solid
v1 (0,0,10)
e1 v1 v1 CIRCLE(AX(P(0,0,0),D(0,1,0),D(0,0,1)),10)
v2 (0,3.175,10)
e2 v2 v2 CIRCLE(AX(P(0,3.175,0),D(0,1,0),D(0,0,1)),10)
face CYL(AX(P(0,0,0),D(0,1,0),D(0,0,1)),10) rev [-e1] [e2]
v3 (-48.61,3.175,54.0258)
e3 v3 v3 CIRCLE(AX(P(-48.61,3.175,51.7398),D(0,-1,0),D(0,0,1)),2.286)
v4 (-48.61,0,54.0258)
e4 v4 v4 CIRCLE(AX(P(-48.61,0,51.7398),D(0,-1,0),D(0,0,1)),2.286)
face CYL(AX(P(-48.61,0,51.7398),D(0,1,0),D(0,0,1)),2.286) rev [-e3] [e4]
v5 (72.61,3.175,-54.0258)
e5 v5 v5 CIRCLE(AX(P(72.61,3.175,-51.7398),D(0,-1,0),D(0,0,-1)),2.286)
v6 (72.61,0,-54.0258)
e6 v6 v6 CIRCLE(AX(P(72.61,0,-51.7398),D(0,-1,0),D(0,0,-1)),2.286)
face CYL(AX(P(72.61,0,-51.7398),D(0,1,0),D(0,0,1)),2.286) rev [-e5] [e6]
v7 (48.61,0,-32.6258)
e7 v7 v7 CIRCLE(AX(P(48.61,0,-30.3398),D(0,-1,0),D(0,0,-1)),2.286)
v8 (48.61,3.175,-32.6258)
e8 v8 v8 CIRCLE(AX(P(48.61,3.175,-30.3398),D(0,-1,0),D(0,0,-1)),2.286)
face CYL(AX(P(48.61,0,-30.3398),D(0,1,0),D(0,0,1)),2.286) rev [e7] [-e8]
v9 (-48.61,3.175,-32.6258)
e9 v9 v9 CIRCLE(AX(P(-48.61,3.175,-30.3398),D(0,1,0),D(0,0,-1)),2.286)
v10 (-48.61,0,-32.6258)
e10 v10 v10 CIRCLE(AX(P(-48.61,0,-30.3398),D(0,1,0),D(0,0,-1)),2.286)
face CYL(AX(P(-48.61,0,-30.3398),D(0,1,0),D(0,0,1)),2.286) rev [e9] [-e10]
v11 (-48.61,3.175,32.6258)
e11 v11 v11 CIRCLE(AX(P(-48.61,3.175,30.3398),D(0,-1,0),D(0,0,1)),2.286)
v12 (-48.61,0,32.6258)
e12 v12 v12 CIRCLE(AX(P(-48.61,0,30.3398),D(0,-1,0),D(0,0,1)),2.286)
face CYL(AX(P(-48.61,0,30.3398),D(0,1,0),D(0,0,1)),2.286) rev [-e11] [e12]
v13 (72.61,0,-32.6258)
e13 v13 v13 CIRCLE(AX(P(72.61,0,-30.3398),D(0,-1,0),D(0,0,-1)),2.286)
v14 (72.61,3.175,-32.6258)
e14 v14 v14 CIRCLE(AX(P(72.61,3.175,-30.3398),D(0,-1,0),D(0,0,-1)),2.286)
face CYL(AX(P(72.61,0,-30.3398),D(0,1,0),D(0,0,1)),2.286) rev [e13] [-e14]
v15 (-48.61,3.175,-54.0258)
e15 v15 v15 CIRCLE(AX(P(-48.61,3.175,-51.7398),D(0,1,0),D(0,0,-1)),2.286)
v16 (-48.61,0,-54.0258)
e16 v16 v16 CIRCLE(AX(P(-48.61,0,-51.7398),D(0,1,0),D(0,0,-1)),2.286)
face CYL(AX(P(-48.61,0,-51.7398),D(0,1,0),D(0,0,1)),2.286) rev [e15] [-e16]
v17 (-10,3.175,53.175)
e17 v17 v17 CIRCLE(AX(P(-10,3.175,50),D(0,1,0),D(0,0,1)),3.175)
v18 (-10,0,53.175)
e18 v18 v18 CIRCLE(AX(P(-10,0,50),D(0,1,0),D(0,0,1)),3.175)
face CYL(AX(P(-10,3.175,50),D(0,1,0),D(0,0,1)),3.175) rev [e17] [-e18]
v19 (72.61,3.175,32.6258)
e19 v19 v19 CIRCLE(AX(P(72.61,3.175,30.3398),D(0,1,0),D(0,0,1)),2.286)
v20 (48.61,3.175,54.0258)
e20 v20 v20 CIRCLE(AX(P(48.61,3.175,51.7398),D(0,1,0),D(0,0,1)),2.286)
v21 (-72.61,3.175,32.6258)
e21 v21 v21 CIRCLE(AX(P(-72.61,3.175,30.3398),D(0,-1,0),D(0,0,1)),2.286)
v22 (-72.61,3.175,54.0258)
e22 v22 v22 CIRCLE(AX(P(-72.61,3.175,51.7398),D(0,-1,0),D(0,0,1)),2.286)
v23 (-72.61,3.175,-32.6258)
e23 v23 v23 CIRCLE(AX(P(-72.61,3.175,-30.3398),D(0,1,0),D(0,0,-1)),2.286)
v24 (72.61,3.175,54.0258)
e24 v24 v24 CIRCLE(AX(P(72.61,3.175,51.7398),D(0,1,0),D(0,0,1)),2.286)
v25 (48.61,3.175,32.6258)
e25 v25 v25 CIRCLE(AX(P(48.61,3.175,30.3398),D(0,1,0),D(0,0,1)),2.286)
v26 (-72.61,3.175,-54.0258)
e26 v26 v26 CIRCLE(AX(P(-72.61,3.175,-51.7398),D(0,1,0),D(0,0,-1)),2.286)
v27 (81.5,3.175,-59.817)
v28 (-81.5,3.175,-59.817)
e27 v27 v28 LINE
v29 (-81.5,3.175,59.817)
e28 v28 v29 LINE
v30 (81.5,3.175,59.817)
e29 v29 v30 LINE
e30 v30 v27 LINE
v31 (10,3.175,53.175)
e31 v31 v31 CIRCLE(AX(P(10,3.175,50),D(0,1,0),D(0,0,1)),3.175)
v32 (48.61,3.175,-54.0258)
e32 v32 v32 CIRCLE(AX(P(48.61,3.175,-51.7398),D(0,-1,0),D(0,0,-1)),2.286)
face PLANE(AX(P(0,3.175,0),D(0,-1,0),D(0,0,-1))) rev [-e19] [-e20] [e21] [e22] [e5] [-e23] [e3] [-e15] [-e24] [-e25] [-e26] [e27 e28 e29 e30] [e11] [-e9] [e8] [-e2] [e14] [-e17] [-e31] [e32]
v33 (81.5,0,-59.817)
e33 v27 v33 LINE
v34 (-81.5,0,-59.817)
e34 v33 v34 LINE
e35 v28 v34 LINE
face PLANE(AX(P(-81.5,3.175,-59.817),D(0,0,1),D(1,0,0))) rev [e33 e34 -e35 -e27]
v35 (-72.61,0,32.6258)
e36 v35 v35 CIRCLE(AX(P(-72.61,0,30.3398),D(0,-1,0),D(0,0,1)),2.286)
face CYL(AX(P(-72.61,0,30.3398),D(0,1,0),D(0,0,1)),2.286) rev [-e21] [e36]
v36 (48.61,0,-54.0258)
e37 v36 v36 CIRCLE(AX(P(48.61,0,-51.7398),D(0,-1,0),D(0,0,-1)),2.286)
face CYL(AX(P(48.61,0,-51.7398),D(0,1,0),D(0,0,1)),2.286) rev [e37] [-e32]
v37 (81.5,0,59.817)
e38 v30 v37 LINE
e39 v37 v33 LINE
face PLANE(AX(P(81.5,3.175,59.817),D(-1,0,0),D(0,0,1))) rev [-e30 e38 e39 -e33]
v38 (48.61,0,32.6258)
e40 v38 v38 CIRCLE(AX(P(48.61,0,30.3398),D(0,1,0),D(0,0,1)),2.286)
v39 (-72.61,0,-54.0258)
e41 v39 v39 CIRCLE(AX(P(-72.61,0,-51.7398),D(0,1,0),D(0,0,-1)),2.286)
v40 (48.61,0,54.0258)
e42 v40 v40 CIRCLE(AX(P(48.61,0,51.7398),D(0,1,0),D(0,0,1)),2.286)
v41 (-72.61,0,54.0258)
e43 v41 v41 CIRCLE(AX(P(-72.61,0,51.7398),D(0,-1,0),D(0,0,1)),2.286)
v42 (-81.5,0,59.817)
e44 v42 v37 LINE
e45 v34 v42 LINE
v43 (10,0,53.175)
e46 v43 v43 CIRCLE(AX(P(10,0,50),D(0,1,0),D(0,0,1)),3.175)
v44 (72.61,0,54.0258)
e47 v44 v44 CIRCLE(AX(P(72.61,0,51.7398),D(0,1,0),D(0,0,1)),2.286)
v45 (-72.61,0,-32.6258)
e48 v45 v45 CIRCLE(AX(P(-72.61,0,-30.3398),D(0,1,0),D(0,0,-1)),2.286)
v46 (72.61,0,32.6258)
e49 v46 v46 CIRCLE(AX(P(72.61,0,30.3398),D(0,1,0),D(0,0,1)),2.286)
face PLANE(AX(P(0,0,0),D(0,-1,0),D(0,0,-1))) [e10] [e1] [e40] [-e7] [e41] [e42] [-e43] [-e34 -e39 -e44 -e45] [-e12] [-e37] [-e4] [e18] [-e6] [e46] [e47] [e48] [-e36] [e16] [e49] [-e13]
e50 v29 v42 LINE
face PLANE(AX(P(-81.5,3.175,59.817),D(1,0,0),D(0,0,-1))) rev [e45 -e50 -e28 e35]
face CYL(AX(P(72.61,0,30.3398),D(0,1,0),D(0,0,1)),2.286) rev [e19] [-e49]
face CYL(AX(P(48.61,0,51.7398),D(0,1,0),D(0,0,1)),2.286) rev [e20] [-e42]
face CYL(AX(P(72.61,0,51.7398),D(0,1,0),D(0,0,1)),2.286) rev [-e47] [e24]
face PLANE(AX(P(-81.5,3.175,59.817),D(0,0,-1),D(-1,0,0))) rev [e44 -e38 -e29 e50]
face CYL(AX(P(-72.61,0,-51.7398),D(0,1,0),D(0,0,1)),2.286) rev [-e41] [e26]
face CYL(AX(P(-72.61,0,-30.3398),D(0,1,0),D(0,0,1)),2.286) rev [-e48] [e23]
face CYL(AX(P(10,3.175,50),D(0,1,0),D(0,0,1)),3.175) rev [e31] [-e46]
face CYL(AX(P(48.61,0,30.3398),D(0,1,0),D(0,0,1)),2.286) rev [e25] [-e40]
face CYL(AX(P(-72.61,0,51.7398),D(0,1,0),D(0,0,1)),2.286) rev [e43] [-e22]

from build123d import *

# Parameters (mm, degrees)
SKETCH1_W                      = 163
SKETCH1_H                      = 119.634
BOSS_EXTRUDE1_DEPTH            = 3.175
SKETCH2_R                      = 2.286
CUT_EXTRUDE1_DEPTH             = 102.145460175
MIRROR2_COPY_1_SKETCH_R        = 2.286
MIRROR2_COPY_1_DEPTH           = 102.145460175
SKETCH3_R                      = 10
CUT_EXTRUDE2_DEPTH             = 102.145460175
F_1_16_0_0625_DIAMETER_HOLE1_D = 6.35


with BuildPart() as part:
    # Sketch1 → Boss-Extrude1 (new body)
    with BuildSketch(Plane(origin=(0, 0, 0), x_dir=(1, 0, 0), z_dir=(0, 1, 0))):
        Rectangle(SKETCH1_W, SKETCH1_H)
    extrude(amount=BOSS_EXTRUDE1_DEPTH)

    # Sketch2 → Cut-Extrude1 (cut, through all)
    with BuildSketch(Plane(origin=(0, 3.175, 0), x_dir=(1, 0, 0), z_dir=(0, 1, 0))):
        with Locations(Location((72.61, -51.7398, 0), (0, 0, 270))):
            Circle(SKETCH2_R)
        with Locations(Location((48.61, -51.7398, 0), (0, 0, 270))):
            Circle(SKETCH2_R)
        with Locations(Location((48.61, -30.3398, 0), (0, 0, 270))):
            Circle(SKETCH2_R)
        with Locations(Location((72.61, -30.3398, 0), (0, 0, 270))):
            Circle(SKETCH2_R)
    cut_extrude1 = extrude(amount=-CUT_EXTRUDE1_DEPTH, mode=Mode.SUBTRACT)

    # Mirror1: Cut-Extrude1 across plane
    add(cut_extrude1.mirror(Plane.XY), mode=Mode.SUBTRACT)

    # Mirror2: Cut-Extrude1 across plane
    add(cut_extrude1.mirror(Plane(origin=(0, 0, 0), x_dir=(0, 0, 1), z_dir=(1, 0, 0))), mode=Mode.SUBTRACT)

    # Mirror2 copy 1 sketch → Mirror2 copy 1 (cut, through all)
    with BuildSketch(Plane(origin=(0, 3.175, 0), x_dir=(-1, 0, 0), z_dir=(0, 1, 0))):
        with Locations(Location((72.61, -51.7398, 0), (0, 0, 270))):
            Circle(MIRROR2_COPY_1_SKETCH_R)
        with Locations(Location((48.61, -51.7398, 0), (0, 0, 270))):
            Circle(MIRROR2_COPY_1_SKETCH_R)
        with Locations(Location((48.61, -30.3398, 0), (0, 0, 270))):
            Circle(MIRROR2_COPY_1_SKETCH_R)
        with Locations(Location((72.61, -30.3398, 0), (0, 0, 270))):
            Circle(MIRROR2_COPY_1_SKETCH_R)
    extrude(amount=-MIRROR2_COPY_1_DEPTH, mode=Mode.SUBTRACT)

    # Sketch3 → Cut-Extrude2 (cut, through all)
    with BuildSketch(Plane(origin=(0, 3.175, 0), x_dir=(1, 0, 0), z_dir=(0, 1, 0))):
        with Locations(Location((0, 0, 0), (0, 0, 270))):
            Circle(SKETCH3_R)
    extrude(amount=-CUT_EXTRUDE2_DEPTH, mode=Mode.SUBTRACT)

    # 1/16 (0.0625) Diameter Hole1 (through all)
    with Locations(Plane(origin=(0, 3.175, 0), x_dir=(1, 0, 0), z_dir=(0, 1, 0))):
        with Locations((-10, -50), (10, -50)):
            Hole(F_1_16_0_0625_DIAMETER_HOLE1_D / 2)


solid = part.part
